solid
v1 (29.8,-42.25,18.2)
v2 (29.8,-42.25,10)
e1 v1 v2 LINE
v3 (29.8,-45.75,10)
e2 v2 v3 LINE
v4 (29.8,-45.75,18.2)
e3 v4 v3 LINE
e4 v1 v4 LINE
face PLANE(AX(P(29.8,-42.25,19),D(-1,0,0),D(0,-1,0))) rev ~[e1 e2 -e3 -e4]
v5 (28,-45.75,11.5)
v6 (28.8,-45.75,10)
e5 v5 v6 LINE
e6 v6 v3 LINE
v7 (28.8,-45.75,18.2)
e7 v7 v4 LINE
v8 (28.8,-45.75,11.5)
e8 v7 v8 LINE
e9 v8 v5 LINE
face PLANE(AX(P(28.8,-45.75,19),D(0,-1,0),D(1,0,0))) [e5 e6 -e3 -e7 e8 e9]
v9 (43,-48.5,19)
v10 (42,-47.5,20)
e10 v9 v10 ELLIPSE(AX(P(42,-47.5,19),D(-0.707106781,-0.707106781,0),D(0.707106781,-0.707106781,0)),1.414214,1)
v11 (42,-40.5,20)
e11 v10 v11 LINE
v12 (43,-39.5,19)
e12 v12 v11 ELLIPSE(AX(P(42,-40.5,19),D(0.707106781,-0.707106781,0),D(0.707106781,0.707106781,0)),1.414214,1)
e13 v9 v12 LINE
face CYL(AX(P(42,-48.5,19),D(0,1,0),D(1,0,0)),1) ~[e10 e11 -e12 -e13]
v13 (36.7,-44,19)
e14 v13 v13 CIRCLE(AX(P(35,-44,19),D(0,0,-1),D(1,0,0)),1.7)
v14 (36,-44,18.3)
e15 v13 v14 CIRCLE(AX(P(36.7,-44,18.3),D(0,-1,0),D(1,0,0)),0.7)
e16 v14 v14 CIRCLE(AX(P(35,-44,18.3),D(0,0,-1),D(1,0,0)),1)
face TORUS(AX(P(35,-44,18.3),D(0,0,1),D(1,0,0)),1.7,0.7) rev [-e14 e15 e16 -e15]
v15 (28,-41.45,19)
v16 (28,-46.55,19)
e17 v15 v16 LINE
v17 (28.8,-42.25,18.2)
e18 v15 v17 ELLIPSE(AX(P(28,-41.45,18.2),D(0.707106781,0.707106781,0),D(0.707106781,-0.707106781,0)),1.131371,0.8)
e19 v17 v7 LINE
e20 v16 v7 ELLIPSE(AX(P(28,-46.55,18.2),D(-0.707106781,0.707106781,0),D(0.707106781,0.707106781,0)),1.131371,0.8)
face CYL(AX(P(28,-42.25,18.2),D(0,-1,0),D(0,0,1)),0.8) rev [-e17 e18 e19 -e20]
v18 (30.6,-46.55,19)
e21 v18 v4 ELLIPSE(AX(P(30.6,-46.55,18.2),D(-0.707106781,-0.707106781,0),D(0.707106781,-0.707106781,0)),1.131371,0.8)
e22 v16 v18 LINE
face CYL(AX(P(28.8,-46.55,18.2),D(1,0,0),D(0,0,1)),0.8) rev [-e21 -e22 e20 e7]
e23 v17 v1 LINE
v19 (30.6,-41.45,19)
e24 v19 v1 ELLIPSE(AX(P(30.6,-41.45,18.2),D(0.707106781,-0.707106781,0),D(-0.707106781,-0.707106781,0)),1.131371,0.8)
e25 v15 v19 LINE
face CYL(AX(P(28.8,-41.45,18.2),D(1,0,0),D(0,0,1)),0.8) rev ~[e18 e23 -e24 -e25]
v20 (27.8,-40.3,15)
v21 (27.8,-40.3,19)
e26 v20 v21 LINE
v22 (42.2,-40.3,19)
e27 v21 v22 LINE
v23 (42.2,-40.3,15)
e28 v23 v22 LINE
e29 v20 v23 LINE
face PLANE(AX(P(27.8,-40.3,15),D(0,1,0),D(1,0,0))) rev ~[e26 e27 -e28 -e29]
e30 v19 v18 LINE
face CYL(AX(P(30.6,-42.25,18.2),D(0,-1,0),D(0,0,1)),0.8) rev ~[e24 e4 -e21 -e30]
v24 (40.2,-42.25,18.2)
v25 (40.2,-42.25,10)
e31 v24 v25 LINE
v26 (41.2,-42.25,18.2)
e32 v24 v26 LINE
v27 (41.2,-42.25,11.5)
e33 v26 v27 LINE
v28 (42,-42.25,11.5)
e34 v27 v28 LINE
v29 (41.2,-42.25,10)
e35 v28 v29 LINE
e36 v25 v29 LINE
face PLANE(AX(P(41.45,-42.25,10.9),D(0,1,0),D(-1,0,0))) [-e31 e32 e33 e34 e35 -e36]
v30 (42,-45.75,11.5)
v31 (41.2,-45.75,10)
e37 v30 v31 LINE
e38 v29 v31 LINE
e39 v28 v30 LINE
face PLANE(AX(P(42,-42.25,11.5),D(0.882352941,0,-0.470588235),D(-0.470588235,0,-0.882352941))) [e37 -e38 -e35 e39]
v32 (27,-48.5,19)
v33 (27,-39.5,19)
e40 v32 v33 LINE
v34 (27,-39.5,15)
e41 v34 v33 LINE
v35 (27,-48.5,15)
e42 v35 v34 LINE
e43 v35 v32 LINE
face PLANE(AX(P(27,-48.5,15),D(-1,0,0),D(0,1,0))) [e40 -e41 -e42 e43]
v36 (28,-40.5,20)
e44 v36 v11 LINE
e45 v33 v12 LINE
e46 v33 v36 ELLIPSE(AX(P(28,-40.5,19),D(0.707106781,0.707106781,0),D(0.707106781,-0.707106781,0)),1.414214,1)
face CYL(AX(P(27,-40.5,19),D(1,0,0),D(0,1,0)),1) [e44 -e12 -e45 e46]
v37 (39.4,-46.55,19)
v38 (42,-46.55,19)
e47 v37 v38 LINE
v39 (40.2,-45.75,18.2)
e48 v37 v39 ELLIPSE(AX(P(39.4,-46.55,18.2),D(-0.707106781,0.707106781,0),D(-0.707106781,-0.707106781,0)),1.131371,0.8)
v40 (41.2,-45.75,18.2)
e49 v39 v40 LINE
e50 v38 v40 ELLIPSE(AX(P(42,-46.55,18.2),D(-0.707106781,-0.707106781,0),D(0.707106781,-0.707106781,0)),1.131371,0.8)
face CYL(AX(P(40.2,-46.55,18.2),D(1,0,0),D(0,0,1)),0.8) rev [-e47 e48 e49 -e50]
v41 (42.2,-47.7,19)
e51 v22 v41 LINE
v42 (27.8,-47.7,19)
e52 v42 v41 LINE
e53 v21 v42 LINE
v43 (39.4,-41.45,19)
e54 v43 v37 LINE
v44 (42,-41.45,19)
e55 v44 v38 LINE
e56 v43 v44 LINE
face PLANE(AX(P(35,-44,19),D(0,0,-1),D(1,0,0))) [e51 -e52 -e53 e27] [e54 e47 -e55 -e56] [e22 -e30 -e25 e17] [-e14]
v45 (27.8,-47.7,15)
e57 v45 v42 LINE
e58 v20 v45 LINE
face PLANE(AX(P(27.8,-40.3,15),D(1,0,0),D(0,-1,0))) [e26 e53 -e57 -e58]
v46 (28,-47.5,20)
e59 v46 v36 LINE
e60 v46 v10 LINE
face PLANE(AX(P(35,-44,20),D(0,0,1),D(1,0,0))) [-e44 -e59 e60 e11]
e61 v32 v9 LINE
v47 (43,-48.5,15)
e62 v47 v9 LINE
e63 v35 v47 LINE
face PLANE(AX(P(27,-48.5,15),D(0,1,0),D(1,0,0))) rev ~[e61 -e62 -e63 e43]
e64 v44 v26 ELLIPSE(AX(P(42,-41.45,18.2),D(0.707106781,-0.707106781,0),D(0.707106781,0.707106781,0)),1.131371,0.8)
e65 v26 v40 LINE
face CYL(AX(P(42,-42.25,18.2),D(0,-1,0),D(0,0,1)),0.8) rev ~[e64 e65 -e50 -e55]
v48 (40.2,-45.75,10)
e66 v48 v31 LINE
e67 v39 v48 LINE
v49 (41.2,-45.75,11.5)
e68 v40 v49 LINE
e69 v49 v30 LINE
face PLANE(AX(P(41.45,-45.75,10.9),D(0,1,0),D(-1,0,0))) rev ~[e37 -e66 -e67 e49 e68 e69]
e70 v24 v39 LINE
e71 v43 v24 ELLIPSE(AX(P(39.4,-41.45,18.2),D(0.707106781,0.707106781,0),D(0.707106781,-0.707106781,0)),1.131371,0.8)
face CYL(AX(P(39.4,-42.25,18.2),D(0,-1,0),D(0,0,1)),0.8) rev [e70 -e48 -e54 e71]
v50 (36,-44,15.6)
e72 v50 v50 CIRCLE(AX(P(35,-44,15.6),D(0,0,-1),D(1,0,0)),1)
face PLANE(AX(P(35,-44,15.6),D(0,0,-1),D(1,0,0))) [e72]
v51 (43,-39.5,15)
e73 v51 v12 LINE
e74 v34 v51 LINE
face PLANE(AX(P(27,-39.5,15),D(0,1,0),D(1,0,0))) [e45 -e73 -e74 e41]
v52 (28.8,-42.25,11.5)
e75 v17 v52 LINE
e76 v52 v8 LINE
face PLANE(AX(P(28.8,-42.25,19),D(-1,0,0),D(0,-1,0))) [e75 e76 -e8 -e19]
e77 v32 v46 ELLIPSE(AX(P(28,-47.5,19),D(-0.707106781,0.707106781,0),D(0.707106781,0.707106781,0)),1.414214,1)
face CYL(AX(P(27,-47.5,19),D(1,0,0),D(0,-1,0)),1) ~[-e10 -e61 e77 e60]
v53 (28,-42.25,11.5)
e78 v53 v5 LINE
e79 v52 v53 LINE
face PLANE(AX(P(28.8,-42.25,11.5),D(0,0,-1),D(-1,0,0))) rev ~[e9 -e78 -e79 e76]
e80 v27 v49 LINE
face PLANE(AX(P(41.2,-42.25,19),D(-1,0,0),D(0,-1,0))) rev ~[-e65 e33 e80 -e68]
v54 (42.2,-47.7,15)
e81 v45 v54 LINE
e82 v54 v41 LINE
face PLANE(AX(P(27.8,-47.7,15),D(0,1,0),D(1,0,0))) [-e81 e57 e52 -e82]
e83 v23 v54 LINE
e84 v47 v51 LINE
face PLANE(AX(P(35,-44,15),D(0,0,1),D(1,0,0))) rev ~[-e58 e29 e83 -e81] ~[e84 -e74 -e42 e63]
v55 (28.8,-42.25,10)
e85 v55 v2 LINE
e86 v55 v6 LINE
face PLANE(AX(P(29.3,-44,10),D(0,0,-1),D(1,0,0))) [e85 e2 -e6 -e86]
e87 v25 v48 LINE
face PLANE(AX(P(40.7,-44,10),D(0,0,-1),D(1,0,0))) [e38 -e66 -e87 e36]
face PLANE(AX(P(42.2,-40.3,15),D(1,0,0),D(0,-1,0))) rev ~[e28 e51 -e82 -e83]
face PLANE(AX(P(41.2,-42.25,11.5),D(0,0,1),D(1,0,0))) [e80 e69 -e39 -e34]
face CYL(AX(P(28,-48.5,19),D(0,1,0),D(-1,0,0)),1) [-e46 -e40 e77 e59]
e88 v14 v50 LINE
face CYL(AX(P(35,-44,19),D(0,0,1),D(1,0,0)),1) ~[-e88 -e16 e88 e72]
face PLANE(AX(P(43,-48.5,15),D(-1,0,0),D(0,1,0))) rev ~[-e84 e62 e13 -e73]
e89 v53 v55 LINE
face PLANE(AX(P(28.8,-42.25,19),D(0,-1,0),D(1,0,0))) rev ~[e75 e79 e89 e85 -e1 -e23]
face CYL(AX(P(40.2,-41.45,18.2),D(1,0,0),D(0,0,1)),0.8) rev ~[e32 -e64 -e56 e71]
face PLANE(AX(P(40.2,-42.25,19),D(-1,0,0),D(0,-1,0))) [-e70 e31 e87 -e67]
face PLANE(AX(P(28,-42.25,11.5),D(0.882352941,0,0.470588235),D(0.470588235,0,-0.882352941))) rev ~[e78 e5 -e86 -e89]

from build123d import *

# Parameters (mm, degrees)
SKETCH036_W     = 16
SKETCH036_H     = 9
PAD021_DEPTH    = 5
SKETCH037_W     = 14.4
SKETCH037_H     = 7.4
POCKET013_DEPTH = 4
SKETCH038_W     = 1
SKETCH038_H     = 3.5
PAD022_DEPTH    = 9
PAD023_DEPTH    = 3.5
SKETCH041_R     = 1
PAD025_DEPTH    = 3.4
FILLET002_R     = 1
FILLET007_R     = 0.7
FILLET011_R     = 0.8


with BuildPart() as part:
    # Sketch036 → Pad021 (new body)
    with BuildSketch(Plane.XY):
        Rectangle(SKETCH036_W, SKETCH036_H)
    extrude(amount=PAD021_DEPTH)

    # Sketch037 (on Face5 of Pad021) → Pocket013 (cut)
    with BuildSketch(Plane(origin=(0, 0, 0), x_dir=(1, 0, 0), z_dir=(0, 0, -1))):
        Rectangle(SKETCH037_W, SKETCH037_H)
    extrude(amount=-POCKET013_DEPTH, mode=Mode.SUBTRACT)

    # Sketch038 (on Face11 of Pocket013) → Pad022 (join)
    with BuildSketch(Plane(origin=(0, 0, 4), x_dir=(1, 0, 0), z_dir=(0, 0, -1))):
        with Locations((-5.7, 0)):
            Rectangle(SKETCH038_W, SKETCH038_H)
        with Locations((5.7, 0)):
            Rectangle(SKETCH038_W, SKETCH038_H)
    extrude(amount=PAD022_DEPTH)

    # Sketch039 (on Face17 of Pad022) → Pad023 (join)
    with BuildSketch(Plane(origin=(0, 1.75, 0), x_dir=(-1, 0, 0), z_dir=(0, 1, 0))):
        Polygon((-6.2, -3.5), (-7, -3.5), (-6.2, -5), align=None)
        Polygon((6.2, -3.5), (7, -3.5), (6.2, -5), align=None)
    extrude(amount=-PAD023_DEPTH)

    # Sketch041 (on Face11 of Pad023) → Pad025 (join)
    with BuildSketch(Plane(origin=(0, 0, 4), x_dir=(1, 0, 0), z_dir=(0, 0, -1))):
        Circle(SKETCH041_R)
    extrude(amount=PAD025_DEPTH)

    # Fillet002
    fillet002_edges = [part.edges().sort_by_distance(p)[0] for p in [
        (0, 4.5, 5),
        (-8, 0, 5),
        (0, -4.5, 5),
        (8, 0, 5),
    ]]
    fillet(fillet002_edges, radius=FILLET002_R)

    # Fillet007
    fillet007_edges = [part.edges().sort_by_distance(p)[0] for p in [
        (-1, 0, 4),
    ]]
    fillet(fillet007_edges, radius=FILLET007_R)

    # Fillet011
    fillet011_edges = [part.edges().sort_by_distance(p)[0] for p in [
        (5.2, 0, 4),
        (5.7, 1.75, 4),
        (6.2, 0, 4),
        (5.7, -1.75, 4),
        (-5.7, -1.75, 4),
        (-6.2, 0, 4),
        (-5.2, 0, 4),
        (-5.7, 1.75, 4),
    ]]
    fillet(fillet011_edges, radius=FILLET011_R)


with BuildPart() as part_1:
    # Body008 placement: moved
    add(part.part.moved(Location((-33, -44, 15))))


with BuildPart() as part_2:
    # Clone003 placement: moved
    add(part_1.part.moved(Location((0, 0, 4))))


with BuildPart() as part_3:
    # Body012 placement: moved
    add(part_2.part.moved(Location((68, 0, -4))))


solid = part_3.part
